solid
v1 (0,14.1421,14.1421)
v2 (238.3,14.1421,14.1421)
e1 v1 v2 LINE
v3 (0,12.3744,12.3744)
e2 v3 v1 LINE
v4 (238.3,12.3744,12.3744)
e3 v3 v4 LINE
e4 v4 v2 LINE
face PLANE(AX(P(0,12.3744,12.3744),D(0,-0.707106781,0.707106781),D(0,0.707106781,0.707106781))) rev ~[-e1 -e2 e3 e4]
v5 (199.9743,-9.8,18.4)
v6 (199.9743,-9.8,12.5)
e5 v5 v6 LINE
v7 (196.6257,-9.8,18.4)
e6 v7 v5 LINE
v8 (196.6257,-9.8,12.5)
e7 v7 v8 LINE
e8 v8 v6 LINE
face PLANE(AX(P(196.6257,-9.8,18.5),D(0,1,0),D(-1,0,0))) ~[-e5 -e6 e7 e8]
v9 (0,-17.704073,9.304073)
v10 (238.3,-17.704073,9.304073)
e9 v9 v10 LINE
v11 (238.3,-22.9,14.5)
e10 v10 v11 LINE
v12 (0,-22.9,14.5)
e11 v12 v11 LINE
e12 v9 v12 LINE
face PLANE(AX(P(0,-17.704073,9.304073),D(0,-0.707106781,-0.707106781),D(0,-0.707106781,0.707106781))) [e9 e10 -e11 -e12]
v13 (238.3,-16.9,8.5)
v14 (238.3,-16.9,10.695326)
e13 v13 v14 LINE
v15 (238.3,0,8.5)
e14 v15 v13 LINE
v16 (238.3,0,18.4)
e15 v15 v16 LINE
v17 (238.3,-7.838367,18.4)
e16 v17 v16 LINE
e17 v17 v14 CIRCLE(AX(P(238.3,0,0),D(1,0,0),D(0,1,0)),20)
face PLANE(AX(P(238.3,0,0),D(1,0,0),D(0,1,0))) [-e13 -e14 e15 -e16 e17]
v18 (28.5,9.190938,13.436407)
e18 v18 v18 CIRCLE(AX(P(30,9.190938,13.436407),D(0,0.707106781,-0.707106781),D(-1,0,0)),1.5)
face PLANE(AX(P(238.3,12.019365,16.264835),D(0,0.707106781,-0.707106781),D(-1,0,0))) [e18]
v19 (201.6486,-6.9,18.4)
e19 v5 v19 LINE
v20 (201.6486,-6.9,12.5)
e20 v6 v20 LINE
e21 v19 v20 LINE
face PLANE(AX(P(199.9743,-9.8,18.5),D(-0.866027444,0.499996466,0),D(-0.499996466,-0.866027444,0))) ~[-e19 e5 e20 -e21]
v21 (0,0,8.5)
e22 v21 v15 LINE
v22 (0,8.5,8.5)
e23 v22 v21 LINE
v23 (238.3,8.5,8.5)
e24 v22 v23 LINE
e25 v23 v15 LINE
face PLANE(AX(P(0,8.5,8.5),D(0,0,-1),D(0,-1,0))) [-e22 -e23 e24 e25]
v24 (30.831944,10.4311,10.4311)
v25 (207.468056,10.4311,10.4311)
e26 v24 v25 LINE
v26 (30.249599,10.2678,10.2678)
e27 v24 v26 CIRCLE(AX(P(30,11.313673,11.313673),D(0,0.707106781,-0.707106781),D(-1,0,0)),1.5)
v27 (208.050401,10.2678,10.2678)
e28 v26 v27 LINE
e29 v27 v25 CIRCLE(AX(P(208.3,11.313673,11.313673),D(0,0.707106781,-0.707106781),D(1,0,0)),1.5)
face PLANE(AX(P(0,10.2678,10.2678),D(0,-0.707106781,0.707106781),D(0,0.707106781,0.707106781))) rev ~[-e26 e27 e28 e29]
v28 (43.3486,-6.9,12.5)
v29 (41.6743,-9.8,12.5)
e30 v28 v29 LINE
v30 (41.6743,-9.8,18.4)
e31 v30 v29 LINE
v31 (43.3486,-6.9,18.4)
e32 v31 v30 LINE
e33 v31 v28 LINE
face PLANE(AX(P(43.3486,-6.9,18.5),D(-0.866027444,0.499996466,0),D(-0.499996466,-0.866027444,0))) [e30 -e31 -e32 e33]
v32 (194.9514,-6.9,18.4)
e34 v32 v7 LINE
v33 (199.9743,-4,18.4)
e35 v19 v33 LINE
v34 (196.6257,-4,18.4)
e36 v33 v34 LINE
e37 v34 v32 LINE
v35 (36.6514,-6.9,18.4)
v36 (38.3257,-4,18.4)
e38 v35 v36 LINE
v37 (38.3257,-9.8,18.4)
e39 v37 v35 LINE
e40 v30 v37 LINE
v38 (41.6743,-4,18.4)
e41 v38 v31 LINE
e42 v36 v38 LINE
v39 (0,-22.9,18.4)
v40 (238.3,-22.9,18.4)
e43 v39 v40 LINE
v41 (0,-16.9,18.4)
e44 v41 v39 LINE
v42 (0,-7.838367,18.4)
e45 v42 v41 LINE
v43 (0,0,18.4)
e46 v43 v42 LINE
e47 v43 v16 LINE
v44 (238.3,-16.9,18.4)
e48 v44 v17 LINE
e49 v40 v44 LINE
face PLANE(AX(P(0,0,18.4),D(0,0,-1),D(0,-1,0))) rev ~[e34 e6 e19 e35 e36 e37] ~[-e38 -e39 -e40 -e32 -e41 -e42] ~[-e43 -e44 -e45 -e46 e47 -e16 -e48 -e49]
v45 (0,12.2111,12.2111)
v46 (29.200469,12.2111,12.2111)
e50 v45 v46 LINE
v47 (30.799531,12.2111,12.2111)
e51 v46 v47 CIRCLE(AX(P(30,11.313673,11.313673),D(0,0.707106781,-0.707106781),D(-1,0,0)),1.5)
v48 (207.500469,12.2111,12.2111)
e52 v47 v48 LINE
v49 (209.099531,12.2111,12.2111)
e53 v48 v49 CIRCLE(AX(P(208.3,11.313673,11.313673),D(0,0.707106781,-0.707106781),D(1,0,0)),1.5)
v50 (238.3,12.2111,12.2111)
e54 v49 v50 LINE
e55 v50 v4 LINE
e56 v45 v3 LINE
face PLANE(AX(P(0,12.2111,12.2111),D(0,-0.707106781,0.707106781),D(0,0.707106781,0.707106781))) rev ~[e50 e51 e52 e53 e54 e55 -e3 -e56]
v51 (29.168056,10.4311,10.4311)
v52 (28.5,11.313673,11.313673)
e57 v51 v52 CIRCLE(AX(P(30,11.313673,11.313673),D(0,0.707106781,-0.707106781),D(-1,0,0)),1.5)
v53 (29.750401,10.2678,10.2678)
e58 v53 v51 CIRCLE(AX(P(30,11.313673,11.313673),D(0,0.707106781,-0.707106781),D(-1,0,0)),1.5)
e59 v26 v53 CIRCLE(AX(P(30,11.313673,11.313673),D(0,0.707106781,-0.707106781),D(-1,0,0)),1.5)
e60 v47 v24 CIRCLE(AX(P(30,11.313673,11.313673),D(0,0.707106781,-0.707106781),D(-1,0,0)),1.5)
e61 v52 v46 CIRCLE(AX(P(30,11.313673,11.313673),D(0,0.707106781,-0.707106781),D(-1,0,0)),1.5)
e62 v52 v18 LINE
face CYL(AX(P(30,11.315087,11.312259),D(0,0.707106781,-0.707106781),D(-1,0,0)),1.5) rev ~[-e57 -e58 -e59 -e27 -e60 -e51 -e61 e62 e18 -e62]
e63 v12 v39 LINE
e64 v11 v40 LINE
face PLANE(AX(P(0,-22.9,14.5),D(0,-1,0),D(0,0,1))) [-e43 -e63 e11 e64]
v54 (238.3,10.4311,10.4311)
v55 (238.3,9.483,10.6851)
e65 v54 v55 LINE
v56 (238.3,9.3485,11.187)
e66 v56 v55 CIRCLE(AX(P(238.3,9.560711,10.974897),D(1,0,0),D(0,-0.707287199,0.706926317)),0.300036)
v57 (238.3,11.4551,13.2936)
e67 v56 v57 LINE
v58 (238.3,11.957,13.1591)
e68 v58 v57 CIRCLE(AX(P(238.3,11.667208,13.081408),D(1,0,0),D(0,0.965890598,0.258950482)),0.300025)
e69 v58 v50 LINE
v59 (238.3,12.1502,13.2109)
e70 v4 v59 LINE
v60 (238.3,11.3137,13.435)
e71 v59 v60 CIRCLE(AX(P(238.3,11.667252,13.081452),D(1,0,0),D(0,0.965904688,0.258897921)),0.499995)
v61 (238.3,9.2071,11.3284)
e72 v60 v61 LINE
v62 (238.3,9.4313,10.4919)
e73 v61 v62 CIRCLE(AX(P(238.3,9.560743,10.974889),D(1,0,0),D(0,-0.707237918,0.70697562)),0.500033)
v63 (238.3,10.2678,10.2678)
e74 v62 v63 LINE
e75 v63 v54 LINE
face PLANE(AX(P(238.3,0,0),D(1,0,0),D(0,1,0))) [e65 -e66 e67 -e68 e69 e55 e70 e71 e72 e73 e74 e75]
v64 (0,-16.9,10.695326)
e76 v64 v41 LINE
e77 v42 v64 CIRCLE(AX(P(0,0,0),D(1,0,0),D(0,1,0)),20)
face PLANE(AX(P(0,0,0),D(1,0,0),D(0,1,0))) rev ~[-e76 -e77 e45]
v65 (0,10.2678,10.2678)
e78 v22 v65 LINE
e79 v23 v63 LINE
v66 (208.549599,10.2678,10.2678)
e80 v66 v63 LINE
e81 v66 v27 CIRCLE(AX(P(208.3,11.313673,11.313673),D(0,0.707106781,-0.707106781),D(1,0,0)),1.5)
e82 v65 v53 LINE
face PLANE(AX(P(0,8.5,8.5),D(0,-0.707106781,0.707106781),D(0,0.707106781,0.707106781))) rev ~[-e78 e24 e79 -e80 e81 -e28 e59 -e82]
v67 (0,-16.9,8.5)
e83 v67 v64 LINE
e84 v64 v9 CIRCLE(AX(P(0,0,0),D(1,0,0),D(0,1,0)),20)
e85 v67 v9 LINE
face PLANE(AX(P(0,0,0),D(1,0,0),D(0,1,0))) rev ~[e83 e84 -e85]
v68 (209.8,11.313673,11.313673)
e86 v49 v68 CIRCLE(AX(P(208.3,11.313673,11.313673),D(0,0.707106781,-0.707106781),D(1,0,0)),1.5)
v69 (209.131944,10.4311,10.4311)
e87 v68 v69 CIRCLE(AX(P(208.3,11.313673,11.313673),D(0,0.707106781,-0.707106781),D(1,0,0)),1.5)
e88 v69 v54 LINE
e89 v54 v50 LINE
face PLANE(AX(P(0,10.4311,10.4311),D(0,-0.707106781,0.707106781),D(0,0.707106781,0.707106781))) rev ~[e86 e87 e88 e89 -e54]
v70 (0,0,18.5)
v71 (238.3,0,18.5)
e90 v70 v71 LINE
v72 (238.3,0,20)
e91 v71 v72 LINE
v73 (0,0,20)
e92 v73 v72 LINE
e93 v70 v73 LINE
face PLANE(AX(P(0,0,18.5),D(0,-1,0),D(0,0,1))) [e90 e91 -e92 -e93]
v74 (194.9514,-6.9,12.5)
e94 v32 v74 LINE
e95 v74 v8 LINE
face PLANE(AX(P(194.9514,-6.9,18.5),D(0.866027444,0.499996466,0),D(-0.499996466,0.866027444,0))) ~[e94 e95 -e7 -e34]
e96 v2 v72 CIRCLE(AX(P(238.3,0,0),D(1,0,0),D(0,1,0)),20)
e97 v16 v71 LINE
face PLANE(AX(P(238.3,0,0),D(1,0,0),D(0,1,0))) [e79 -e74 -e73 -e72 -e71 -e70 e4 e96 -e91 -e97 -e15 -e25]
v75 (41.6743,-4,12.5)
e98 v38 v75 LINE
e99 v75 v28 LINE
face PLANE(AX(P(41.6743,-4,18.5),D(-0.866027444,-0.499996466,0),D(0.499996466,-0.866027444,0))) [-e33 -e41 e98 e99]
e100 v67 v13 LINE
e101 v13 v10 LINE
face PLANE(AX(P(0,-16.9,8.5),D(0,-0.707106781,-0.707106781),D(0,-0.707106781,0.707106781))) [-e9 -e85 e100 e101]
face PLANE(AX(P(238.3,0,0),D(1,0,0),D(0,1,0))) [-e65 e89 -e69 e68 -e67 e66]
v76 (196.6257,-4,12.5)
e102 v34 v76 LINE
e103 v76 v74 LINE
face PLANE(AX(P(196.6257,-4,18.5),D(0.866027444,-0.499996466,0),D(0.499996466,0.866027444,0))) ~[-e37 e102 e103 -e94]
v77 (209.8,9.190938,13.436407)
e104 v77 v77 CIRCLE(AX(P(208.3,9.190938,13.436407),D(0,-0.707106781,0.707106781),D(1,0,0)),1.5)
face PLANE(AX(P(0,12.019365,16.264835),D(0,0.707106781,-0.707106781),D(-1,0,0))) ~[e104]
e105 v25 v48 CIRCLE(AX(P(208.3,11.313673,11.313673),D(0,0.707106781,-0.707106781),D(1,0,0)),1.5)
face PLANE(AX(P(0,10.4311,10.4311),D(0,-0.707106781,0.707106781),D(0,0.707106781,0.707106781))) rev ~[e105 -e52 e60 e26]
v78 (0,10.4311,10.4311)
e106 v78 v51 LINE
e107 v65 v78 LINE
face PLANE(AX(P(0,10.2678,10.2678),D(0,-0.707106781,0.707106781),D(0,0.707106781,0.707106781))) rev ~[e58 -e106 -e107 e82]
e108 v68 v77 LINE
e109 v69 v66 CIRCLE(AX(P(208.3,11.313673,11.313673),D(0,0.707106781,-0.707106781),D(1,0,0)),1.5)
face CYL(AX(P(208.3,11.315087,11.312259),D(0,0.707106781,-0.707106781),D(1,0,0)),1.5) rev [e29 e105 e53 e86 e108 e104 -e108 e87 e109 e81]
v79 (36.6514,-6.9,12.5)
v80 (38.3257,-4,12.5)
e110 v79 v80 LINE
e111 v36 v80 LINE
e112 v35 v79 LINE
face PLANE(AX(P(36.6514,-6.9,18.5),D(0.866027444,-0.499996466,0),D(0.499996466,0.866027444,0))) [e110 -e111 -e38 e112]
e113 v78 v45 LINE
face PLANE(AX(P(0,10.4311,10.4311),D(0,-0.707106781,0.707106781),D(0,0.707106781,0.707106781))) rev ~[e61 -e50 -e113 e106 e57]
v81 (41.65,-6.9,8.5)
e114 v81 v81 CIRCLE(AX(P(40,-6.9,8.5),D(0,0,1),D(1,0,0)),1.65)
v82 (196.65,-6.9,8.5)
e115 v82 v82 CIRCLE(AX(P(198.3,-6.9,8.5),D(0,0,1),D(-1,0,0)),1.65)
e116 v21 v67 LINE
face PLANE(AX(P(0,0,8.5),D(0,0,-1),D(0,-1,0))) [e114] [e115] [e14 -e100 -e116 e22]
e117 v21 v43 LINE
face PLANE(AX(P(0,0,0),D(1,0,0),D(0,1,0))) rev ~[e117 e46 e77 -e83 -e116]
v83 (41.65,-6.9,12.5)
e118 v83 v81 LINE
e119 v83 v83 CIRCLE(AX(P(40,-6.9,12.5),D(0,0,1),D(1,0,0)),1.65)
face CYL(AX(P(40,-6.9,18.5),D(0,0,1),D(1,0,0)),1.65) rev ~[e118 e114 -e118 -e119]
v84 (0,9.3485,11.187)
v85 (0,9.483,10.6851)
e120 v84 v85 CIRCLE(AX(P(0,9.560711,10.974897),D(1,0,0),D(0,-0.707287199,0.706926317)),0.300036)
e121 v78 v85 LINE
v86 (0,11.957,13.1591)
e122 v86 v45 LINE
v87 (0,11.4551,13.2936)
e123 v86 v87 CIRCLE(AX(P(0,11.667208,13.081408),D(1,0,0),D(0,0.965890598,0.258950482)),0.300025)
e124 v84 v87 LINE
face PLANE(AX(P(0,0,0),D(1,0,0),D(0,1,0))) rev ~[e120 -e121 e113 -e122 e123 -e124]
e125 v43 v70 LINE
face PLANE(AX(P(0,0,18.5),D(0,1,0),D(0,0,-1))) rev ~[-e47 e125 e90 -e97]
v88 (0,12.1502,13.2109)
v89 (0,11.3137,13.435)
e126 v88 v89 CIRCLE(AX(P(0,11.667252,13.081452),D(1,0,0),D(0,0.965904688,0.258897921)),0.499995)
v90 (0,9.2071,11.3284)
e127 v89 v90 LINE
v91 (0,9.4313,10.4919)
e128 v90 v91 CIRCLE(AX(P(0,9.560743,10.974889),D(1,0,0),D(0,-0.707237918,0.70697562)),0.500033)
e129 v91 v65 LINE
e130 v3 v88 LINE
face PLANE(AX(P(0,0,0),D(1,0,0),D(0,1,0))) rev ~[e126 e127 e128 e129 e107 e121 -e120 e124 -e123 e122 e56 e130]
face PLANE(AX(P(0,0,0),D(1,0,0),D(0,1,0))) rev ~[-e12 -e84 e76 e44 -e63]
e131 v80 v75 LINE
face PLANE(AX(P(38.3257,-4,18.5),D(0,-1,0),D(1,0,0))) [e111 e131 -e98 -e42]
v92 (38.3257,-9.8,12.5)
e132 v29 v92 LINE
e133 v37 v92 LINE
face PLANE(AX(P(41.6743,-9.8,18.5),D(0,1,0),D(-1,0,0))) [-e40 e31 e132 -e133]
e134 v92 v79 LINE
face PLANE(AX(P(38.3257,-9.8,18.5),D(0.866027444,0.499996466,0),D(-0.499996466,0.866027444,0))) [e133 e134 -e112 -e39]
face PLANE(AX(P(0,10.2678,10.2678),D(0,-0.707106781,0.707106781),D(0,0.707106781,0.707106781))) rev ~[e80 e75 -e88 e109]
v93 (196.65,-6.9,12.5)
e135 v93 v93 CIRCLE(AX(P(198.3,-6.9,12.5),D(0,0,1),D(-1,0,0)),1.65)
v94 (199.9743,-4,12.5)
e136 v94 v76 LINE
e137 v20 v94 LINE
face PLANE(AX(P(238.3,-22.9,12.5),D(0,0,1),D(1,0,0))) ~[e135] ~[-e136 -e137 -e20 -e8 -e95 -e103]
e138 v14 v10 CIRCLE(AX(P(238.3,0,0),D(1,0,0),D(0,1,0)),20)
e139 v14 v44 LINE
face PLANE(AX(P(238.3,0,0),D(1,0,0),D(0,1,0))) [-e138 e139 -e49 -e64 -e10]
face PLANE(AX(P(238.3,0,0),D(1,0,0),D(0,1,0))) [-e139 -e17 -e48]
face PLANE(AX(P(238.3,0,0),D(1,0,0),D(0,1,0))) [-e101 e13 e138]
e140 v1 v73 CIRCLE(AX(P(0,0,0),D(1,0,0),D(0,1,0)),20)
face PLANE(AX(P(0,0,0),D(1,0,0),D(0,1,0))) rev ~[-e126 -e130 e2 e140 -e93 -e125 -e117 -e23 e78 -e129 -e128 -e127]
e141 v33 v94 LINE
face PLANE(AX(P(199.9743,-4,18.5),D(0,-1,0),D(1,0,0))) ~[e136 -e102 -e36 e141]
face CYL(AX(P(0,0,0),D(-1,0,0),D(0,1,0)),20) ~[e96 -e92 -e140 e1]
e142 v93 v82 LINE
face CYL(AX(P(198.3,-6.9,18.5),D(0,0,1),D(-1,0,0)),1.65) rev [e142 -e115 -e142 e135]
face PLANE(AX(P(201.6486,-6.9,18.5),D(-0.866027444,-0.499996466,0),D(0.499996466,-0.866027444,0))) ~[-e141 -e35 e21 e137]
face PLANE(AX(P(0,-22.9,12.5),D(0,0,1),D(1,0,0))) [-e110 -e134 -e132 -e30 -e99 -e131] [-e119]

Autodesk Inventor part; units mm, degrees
ref_plane "YZ Plane" through (0, 0, 0) normal (1, 0, 0) x (0, 1, 0)
ref_plane "XZ Plane" through (0, 0, 0) normal (0, 1, 0) x (-1, 0, 0)
ref_plane "XY Plane" through (0, 0, 0) normal (0, 0, 1) x (1, 0, 0)
sketch "Sketch1" plane through (0, 0, 0) normal (1, 0, 0) x (0, 1, 0)
  circle A0 centre (0, 0) radius 20
  line L0 (8.5, 8.5) -> (-16.9, 8.5)
  line L1 (8.5, 8.5) -> (8.5, -16.9)
  line L2 (0, 0) -> (0, 20)
  line L3 (0, 20) -> (-60.9241, 20)
  line L4 (-60.9241, 20) -> (-60.9241, 18.5)
  line L5 (-60.9241, 18.5) -> (0, 18.5)
  line L6 (0, 18.5) -> (0, 20)
  line L7 (0, 0) -> (14.1421, 14.1421)
  line L8 (0, 0) -> (20, 0)
  line L9 (-16.9, 8.5) -> (-16.9, 18.5)
  line L10 (-16.9, 8.5) -> (-22.9, 14.5)
  line L11 (-22.9, 14.5) -> (-22.9, 18.5)
  line L12 (12.3744, 12.3744) -> (12.1502, 13.2109)
  line L13 (11.3137, 13.435) -> (9.2071, 11.3284)
  line L14 (9.4313, 10.4919) -> (10.2678, 10.2678)
  line L15 (8.5, 8.5) -> (8.5, -16.9)
  line L16 (20, 0) -> (20, -60.9241)
  line L17 (20, -60.9241) -> (18.5, -60.9241)
  line L18 (18.5, -60.9241) -> (18.5, 0)
  line L19 (8.5, -16.9) -> (18.5, -16.9)
  line L20 (8.5, -16.9) -> (14.5, -22.9)
  line L21 (14.5, -22.9) -> (18.5, -22.9)
  arc A1 (9.2071, 11.3284) -> (9.4313, 10.4919) centre (9.5607, 10.9749) ccw
  arc A2 (12.1502, 13.2109) -> (11.3137, 13.435) centre (11.6673, 13.0815) ccw
  line L22 (10.4311, 10.4311) -> (9.483, 10.6851)
  arc A3 (9.3485, 11.187) -> (9.483, 10.6851) centre (9.5607, 10.9749) ccw
  line L23 (9.3485, 11.187) -> (11.4551, 13.2936)
  arc A4 (11.957, 13.1591) -> (11.4551, 13.2936) centre (11.6673, 13.0815) ccw
  line L24 (11.957, 13.1591) -> (12.2111, 12.2111)
  point P0 (0, 8.5)
  point P1 (-17.7041, 9.3041)
  point P2 (-16.9, 10.6953)
  dimension "d0" = 40
  dimension "d1" = 25.4
  dimension "d2" = 1.5
  dimension "d4" = 45
  dimension "d6" = 45
  dimension "d7" = 4
  dimension "d8" = 10
  dimension "d10" = 2.5
  dimension "d11" = 2.5
  dimension "d12" = 60
  dimension "d13" = 1.5
  dimension "d15" = 0.5
  dimension "d16" = 0.2
extrude "Extrusion1" add sketch "Sketch1" along normal blind 238.3 contours L7 L12 A2 L13 A1 L14 L0 L2 A0 | L7 L24 A4 L23 A3 L22 L14 A1 L13 A2 L12 | L5 L2 L0 L9 A0 | A0 L9 L5 | L7 L22 A3 L23 A4 L24 | L9 L10 A0 | A0 L10 L11 L5 L9
sketch "Sketch2" plane through (0, -22.9, 18.5) normal (0, 0, 1) x (1, 0, 0)
  line L0 (0, 22.9) -> (0, 0) projected
  line L1 (0, 0) -> (238.3, 0) projected
  line L2 (238.3, 22.9) -> (238.3, 0) projected
  line L3 (0, 22.9) -> (238.3, 22.9) projected
  line L4 (38.3257, 13.1) -> (36.6514, 16)
  line L5 (36.6514, 16) -> (38.3257, 18.9)
  line L6 (38.3257, 18.9) -> (41.6743, 18.9)
  line L7 (41.6743, 18.9) -> (43.3486, 16)
  line L8 (43.3486, 16) -> (41.6743, 13.1)
  line L9 (41.6743, 13.1) -> (38.3257, 13.1)
  line L10 (0, 6) -> (238.3, 6) projected
  circle A0 centre (40, 16) radius 1.65
  dimension "d20" = 10
  dimension "d21" = 5.8
  dimension "d22" = 40
  dimension "d25" = 3.3
extrude "Extrusion2" cut sketch "Sketch2" against normal blind 6 contours L4 L5 L6 L7 L8 L9 | A0
extrude "Extrusion3" cut sketch "Sketch2" against normal through all contours A0
sketch "Sketch3" plane through (0, -22.9, 18.5) normal (0, 0, 1) x (1, 0, 0)
  line L0 (0, 37.0421) -> (238.3, 37.0421) projected
  line L1 (0, 0) -> (238.3, 0) projected
  line L2 (0, 22.9) -> (0, 0) projected
  line L3 (0, 22.9) -> (0, 37.0421) projected
  line L4 (2.4384, 37.0421) -> (17.8575, 0)
  line L5 (0, 0) -> (238.3, 0) projected
  line L6 (2.4384, 37.0421) -> (0, 42.9) projected
  point P0 (0, 26.9698)
  dimension "d28" = 112.6
sketch "Sketch4" plane through (238.3, 14.1421, 14.1421) normal (0, 0.7071, -0.7071) x (-1, 0, 0)
  line L0 (238.3, 0) -> (0, 0) projected
  line L1 (0, -7.9792) -> (0, 0) projected
  line L2 (238.3, -7.9792) -> (0, -7.9792) projected
  circle A0 centre (208.3, -4) radius 1.5
  line L3 (238.3, -7.9792) -> (238.3, 0) projected
  line L4 (119.15, -7.9792) -> (119.15, 0)
  ellipse E0 centre (198.3, -18.8686) end of major axis (196.65, -18.8686) minor radius 1.1667 projected
  point P0 (238.3, -20)
  dimension "d34" = 3
  dimension "d35" = 4
  dimension "d46" = 30
extrude "Extrusion5" cut sketch "Sketch4" against normal blind 3 contours A0
ref_plane "Work Plane1" through (119.15, 0, 0) normal (-1, 0, 0) x (0, 0, 1)
mirror "Mirror1" about plane through (119.15, 0, 0) normal (-1, 0, 0) of "Extrusion5", "Extrusion2", "Extrusion3"
sketch "Sketch5" plane through (0, 0, 0) normal (-1, 0, 0) x (0, 0, 1)
  line L0 (14.5, -22.9) -> (8.5, -16.9) projected
  line L1 (18.5, -22.9) -> (14.5, -22.9) projected
  line L2 (18.5, 0) -> (18.5, -22.9) projected
  line L3 (20, 0) -> (18.5, 0) projected
  arc A0 (20, 0) -> (14.1421, 14.1421) centre (0, 0) ccw projected
  line L4 (8.5, 8.5) -> (14.1421, 14.1421) projected
  line L5 (8.5, -16.9) -> (8.5, 8.5) projected
  line L6 (18.5, 0) -> (18.4, 0)
  line L7 (18.4, 0) -> (18.4, -22.9)
  line L8 (18.4, -22.9) -> (18.5, -22.9)
  line L9 (18.5, -22.9) -> (18.5, 0)
  dimension "d47" = 0.1
extrude "Extrusion6" cut sketch "Sketch5" against normal through all contours L7 L6 L2 L1
properties part number "ESQUINA_REDONDEADA_R20" material "Steel, Mild, Welded"
